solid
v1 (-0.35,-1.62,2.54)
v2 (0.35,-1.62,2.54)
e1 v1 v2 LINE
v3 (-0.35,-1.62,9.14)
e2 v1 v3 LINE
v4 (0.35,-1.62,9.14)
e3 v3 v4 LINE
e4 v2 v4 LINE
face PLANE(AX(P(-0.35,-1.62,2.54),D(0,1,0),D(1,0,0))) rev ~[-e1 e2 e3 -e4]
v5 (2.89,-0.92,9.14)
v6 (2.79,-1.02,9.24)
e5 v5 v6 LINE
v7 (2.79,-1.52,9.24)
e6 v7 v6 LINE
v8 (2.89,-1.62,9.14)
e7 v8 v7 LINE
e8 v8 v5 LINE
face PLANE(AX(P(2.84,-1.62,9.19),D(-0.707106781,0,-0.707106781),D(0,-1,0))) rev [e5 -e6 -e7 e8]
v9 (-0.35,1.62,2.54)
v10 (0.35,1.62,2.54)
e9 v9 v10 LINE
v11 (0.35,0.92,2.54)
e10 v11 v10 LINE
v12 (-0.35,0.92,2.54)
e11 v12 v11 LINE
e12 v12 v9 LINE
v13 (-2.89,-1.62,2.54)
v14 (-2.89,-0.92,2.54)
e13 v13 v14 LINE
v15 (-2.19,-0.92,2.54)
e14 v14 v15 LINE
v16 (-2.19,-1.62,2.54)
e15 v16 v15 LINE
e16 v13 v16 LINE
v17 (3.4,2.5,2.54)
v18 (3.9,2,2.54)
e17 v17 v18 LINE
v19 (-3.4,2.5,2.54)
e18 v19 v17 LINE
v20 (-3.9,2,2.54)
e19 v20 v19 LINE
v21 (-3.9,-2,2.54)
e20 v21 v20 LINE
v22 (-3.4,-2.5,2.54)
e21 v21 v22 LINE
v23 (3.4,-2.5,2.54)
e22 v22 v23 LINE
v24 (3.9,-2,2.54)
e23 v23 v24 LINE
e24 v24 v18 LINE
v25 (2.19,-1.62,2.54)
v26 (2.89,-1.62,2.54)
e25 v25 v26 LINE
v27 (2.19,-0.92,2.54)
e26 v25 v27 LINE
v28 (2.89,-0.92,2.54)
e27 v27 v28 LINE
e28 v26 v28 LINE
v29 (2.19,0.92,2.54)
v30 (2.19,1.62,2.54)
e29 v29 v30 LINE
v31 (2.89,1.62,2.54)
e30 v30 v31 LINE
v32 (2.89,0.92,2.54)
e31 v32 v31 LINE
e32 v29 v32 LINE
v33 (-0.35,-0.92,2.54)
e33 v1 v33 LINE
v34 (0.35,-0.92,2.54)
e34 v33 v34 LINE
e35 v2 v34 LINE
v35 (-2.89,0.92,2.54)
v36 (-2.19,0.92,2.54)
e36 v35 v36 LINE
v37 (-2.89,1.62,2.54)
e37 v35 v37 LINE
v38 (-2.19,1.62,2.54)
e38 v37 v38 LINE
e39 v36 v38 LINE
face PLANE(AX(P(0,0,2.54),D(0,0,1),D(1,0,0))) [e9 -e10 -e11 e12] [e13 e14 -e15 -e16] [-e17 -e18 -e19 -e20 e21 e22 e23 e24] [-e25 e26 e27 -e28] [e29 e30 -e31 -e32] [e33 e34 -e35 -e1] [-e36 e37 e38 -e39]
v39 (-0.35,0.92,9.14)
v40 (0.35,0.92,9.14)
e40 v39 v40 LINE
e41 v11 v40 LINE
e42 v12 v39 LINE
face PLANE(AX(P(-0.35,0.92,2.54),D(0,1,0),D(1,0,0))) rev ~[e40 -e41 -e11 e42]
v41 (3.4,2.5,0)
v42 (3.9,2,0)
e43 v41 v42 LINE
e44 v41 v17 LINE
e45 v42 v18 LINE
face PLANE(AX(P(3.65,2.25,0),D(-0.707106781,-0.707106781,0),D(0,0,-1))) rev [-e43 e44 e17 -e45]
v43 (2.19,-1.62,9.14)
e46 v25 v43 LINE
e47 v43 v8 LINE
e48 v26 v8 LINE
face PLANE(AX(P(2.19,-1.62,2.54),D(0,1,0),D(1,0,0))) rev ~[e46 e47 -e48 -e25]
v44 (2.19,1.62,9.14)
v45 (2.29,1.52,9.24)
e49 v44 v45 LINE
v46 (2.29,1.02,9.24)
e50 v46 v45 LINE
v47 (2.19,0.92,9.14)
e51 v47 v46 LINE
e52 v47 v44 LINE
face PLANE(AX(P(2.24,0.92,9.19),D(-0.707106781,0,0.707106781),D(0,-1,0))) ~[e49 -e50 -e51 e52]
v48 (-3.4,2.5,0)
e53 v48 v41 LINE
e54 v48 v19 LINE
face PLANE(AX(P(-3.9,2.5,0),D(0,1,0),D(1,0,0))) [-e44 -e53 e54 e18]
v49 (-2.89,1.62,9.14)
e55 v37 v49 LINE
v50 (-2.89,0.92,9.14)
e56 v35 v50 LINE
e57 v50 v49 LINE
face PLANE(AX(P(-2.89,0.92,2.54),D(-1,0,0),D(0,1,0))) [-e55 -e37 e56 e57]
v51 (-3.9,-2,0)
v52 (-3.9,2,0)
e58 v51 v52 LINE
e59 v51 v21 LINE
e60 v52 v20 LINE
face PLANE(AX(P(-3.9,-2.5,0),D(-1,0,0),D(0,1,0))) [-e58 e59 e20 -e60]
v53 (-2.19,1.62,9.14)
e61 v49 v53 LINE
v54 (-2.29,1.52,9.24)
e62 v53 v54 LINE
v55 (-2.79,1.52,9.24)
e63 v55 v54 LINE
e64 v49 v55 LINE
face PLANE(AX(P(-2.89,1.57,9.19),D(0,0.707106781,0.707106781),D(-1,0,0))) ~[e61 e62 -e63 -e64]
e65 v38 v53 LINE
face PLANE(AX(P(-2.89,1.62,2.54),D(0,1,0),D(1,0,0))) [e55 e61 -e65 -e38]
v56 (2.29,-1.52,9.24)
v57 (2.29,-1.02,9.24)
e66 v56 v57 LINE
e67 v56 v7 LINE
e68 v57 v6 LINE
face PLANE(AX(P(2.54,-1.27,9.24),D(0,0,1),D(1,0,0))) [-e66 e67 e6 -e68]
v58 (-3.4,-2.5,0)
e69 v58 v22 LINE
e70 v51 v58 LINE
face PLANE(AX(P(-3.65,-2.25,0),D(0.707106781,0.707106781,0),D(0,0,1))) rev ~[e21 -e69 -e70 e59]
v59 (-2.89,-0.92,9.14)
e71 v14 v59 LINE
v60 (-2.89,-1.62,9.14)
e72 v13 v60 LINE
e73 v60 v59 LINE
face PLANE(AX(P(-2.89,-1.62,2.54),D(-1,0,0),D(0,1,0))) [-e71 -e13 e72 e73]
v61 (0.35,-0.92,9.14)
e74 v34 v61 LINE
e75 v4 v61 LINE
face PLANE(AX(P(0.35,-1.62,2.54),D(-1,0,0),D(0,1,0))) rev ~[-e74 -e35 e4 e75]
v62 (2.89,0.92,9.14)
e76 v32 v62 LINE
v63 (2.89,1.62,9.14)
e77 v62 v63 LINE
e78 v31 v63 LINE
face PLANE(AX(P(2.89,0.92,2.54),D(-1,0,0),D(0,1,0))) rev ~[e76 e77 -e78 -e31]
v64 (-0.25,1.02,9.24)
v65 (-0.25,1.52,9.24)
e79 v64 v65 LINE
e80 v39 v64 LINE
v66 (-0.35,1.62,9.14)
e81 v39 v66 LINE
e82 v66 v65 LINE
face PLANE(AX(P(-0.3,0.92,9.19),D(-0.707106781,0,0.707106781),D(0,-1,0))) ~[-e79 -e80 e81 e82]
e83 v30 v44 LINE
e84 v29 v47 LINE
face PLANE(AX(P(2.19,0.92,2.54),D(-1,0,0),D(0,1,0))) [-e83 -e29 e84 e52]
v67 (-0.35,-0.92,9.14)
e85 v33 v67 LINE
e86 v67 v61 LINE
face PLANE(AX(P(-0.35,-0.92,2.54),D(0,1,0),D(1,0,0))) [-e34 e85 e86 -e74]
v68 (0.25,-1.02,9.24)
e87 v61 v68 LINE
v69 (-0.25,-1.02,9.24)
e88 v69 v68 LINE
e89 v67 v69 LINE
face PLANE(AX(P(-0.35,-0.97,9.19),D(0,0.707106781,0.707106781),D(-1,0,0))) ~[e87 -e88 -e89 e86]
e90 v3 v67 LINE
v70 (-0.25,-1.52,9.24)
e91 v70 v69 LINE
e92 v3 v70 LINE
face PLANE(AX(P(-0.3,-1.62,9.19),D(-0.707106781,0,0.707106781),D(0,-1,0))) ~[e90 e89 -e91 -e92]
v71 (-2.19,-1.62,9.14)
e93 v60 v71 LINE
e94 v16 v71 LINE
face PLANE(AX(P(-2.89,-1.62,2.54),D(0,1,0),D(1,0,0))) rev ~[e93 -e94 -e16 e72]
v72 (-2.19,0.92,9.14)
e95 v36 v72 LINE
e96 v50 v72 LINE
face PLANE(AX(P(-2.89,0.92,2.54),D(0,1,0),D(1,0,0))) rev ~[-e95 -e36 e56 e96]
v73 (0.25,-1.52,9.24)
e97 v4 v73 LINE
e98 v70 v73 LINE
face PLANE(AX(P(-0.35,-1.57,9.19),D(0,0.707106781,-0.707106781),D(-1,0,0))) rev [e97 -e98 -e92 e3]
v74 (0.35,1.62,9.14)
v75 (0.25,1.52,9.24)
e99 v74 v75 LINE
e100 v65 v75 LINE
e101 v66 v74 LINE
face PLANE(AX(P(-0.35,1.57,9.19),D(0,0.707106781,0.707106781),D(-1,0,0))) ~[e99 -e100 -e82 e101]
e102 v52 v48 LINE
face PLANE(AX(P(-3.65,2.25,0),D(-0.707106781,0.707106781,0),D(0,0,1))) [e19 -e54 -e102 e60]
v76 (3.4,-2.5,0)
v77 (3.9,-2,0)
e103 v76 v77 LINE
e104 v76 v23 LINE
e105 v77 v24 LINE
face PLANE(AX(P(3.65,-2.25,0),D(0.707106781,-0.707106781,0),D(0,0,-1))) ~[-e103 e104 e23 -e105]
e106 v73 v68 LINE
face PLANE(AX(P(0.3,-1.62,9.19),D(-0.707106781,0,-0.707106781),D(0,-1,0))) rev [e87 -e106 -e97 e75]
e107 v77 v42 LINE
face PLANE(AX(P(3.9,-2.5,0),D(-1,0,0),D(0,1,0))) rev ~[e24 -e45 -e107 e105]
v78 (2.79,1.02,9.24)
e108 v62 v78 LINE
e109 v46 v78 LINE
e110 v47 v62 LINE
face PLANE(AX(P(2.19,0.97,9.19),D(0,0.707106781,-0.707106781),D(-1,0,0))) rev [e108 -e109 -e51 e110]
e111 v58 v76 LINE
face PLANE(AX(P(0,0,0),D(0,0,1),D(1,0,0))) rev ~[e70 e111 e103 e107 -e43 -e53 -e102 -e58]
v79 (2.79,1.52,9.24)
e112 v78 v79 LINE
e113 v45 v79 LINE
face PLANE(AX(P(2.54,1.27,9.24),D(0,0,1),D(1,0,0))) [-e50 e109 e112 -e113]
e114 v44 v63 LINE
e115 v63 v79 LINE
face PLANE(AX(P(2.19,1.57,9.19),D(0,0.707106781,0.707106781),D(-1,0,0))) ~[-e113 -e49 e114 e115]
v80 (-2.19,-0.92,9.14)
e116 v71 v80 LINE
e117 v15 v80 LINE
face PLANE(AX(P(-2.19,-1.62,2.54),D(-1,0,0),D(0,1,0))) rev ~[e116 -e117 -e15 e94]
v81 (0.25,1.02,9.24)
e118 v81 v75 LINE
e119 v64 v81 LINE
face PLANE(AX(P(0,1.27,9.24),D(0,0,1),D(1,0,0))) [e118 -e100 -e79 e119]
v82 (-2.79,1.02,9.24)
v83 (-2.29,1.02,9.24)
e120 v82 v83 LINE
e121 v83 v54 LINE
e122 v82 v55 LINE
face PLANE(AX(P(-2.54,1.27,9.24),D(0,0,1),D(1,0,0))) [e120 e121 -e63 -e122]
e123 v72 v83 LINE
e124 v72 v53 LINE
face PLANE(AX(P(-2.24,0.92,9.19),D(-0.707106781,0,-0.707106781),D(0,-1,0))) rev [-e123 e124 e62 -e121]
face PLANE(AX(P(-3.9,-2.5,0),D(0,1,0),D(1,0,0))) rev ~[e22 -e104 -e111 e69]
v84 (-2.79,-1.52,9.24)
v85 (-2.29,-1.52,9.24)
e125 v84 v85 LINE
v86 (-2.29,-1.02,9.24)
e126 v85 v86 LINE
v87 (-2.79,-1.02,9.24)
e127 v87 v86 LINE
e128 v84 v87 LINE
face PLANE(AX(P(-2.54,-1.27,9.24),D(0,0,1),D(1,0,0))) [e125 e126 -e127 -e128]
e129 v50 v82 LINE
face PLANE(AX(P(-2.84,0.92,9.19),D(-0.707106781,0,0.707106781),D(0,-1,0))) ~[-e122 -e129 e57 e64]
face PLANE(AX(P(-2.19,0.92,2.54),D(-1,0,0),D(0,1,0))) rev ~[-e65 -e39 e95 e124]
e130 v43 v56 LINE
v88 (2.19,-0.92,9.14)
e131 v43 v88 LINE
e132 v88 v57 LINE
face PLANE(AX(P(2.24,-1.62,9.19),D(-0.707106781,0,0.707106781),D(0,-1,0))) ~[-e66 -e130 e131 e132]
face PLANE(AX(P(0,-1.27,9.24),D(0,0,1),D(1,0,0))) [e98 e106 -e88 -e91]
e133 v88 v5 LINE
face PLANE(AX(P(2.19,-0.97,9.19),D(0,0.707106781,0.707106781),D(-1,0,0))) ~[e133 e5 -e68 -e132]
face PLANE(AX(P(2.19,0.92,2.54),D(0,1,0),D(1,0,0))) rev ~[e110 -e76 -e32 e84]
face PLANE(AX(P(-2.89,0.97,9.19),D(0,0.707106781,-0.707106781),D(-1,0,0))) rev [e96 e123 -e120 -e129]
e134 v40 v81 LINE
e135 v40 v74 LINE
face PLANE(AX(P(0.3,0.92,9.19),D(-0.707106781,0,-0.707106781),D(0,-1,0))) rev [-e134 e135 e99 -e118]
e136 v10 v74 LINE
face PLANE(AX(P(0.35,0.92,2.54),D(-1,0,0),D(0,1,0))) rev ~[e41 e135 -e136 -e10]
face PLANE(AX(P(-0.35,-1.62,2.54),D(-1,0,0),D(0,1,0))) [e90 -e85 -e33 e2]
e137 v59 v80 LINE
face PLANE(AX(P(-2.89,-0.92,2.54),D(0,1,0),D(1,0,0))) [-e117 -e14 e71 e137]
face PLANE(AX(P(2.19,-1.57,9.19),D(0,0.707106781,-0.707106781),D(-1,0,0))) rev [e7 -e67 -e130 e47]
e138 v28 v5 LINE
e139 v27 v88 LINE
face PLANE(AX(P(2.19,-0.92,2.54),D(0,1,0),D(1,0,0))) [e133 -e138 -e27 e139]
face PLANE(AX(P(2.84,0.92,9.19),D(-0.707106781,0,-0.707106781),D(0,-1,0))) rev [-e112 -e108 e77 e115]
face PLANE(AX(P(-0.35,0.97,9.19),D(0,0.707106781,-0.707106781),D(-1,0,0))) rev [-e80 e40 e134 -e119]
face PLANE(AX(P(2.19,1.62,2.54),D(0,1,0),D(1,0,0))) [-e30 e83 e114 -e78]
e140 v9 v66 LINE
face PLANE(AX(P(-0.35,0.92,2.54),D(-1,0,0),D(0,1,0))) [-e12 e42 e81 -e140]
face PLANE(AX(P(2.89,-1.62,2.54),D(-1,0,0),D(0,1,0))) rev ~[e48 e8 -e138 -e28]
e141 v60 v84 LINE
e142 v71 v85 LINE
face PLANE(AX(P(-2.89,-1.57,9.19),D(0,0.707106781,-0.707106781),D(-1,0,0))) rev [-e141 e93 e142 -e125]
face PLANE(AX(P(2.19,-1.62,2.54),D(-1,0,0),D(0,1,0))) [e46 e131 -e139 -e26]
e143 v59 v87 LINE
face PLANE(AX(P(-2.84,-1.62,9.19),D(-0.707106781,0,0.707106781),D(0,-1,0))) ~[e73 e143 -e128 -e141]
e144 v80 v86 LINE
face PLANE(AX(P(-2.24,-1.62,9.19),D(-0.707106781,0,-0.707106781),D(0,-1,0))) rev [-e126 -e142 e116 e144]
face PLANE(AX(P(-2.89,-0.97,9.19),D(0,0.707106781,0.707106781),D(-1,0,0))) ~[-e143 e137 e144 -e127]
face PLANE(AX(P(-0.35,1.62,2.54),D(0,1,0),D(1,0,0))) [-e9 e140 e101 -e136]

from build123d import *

# Parameters (mm, degrees)
SKETCH1_W           = 7.8
SKETCH1_H           = 5
BOSS_EXTRUDE1_DEPTH = 2.54
SKETCH2_W           = 0.7
SKETCH2_H           = 0.7
BOSS_EXTRUDE2_DEPTH = 6.7
CHAMFER1_SIZE       = 0.5
CHAMFER2_SIZE       = 0.1


with BuildPart() as part:
    # Sketch1 → Boss-Extrude1 (new body)
    with BuildSketch(Plane.XY):
        Rectangle(SKETCH1_W, SKETCH1_H)
    extrude(amount=BOSS_EXTRUDE1_DEPTH)

    # Sketch2 → Boss-Extrude2 (add)
    with BuildSketch(Plane.XY.offset(2.54)):
        with Locations((0, 1.27)):
            Rectangle(SKETCH2_W, SKETCH2_H)
        with Locations((-2.54, 1.27)):
            Rectangle(SKETCH2_W, SKETCH2_H)
        with Locations((2.54, 1.27)):
            Rectangle(SKETCH2_W, SKETCH2_H)
        with Locations((0, -1.27)):
            Rectangle(SKETCH2_W, SKETCH2_H)
        with Locations((2.54, -1.27)):
            Rectangle(SKETCH2_W, SKETCH2_H)
        with Locations((-2.54, -1.27)):
            Rectangle(SKETCH2_W, SKETCH2_H)
    extrude(amount=BOSS_EXTRUDE2_DEPTH)

    # Chamfer1
    chamfer1_edges = [part.edges().sort_by_distance(p)[0] for p in [
        (3.9, -2.5, 1.27),
        (-3.9, -2.5, 1.27),
        (-3.9, 2.5, 1.27),
        (3.9, 2.5, 1.27),
    ]]
    chamfer(chamfer1_edges, length=CHAMFER1_SIZE)

    # Chamfer2
    chamfer2_edges = [part.edges().sort_by_distance(p)[0] for p in [
        (-2.89, 1.27, 9.24),
        (-2.54, 0.92, 9.24),
        (-2.19, 1.27, 9.24),
        (-2.54, 1.62, 9.24),
        (-0.35, 1.27, 9.24),
        (0, 0.92, 9.24),
        (0.35, 1.27, 9.24),
        (0, 1.62, 9.24),
        (2.19, 1.27, 9.24),
        (2.54, 0.92, 9.24),
        (2.89, 1.27, 9.24),
        (2.54, 1.62, 9.24),
        (-0.35, -1.27, 9.24),
        (0, -1.62, 9.24),
        (0.35, -1.27, 9.24),
        (0, -0.92, 9.24),
        (2.19, -1.27, 9.24),
        (2.54, -1.62, 9.24),
        (2.89, -1.27, 9.24),
        (2.54, -0.92, 9.24),
        (-2.89, -1.27, 9.24),
        (-2.54, -1.62, 9.24),
        (-2.19, -1.27, 9.24),
        (-2.54, -0.92, 9.24),
    ]]
    chamfer(chamfer2_edges, length=CHAMFER2_SIZE)


solid = part.part
